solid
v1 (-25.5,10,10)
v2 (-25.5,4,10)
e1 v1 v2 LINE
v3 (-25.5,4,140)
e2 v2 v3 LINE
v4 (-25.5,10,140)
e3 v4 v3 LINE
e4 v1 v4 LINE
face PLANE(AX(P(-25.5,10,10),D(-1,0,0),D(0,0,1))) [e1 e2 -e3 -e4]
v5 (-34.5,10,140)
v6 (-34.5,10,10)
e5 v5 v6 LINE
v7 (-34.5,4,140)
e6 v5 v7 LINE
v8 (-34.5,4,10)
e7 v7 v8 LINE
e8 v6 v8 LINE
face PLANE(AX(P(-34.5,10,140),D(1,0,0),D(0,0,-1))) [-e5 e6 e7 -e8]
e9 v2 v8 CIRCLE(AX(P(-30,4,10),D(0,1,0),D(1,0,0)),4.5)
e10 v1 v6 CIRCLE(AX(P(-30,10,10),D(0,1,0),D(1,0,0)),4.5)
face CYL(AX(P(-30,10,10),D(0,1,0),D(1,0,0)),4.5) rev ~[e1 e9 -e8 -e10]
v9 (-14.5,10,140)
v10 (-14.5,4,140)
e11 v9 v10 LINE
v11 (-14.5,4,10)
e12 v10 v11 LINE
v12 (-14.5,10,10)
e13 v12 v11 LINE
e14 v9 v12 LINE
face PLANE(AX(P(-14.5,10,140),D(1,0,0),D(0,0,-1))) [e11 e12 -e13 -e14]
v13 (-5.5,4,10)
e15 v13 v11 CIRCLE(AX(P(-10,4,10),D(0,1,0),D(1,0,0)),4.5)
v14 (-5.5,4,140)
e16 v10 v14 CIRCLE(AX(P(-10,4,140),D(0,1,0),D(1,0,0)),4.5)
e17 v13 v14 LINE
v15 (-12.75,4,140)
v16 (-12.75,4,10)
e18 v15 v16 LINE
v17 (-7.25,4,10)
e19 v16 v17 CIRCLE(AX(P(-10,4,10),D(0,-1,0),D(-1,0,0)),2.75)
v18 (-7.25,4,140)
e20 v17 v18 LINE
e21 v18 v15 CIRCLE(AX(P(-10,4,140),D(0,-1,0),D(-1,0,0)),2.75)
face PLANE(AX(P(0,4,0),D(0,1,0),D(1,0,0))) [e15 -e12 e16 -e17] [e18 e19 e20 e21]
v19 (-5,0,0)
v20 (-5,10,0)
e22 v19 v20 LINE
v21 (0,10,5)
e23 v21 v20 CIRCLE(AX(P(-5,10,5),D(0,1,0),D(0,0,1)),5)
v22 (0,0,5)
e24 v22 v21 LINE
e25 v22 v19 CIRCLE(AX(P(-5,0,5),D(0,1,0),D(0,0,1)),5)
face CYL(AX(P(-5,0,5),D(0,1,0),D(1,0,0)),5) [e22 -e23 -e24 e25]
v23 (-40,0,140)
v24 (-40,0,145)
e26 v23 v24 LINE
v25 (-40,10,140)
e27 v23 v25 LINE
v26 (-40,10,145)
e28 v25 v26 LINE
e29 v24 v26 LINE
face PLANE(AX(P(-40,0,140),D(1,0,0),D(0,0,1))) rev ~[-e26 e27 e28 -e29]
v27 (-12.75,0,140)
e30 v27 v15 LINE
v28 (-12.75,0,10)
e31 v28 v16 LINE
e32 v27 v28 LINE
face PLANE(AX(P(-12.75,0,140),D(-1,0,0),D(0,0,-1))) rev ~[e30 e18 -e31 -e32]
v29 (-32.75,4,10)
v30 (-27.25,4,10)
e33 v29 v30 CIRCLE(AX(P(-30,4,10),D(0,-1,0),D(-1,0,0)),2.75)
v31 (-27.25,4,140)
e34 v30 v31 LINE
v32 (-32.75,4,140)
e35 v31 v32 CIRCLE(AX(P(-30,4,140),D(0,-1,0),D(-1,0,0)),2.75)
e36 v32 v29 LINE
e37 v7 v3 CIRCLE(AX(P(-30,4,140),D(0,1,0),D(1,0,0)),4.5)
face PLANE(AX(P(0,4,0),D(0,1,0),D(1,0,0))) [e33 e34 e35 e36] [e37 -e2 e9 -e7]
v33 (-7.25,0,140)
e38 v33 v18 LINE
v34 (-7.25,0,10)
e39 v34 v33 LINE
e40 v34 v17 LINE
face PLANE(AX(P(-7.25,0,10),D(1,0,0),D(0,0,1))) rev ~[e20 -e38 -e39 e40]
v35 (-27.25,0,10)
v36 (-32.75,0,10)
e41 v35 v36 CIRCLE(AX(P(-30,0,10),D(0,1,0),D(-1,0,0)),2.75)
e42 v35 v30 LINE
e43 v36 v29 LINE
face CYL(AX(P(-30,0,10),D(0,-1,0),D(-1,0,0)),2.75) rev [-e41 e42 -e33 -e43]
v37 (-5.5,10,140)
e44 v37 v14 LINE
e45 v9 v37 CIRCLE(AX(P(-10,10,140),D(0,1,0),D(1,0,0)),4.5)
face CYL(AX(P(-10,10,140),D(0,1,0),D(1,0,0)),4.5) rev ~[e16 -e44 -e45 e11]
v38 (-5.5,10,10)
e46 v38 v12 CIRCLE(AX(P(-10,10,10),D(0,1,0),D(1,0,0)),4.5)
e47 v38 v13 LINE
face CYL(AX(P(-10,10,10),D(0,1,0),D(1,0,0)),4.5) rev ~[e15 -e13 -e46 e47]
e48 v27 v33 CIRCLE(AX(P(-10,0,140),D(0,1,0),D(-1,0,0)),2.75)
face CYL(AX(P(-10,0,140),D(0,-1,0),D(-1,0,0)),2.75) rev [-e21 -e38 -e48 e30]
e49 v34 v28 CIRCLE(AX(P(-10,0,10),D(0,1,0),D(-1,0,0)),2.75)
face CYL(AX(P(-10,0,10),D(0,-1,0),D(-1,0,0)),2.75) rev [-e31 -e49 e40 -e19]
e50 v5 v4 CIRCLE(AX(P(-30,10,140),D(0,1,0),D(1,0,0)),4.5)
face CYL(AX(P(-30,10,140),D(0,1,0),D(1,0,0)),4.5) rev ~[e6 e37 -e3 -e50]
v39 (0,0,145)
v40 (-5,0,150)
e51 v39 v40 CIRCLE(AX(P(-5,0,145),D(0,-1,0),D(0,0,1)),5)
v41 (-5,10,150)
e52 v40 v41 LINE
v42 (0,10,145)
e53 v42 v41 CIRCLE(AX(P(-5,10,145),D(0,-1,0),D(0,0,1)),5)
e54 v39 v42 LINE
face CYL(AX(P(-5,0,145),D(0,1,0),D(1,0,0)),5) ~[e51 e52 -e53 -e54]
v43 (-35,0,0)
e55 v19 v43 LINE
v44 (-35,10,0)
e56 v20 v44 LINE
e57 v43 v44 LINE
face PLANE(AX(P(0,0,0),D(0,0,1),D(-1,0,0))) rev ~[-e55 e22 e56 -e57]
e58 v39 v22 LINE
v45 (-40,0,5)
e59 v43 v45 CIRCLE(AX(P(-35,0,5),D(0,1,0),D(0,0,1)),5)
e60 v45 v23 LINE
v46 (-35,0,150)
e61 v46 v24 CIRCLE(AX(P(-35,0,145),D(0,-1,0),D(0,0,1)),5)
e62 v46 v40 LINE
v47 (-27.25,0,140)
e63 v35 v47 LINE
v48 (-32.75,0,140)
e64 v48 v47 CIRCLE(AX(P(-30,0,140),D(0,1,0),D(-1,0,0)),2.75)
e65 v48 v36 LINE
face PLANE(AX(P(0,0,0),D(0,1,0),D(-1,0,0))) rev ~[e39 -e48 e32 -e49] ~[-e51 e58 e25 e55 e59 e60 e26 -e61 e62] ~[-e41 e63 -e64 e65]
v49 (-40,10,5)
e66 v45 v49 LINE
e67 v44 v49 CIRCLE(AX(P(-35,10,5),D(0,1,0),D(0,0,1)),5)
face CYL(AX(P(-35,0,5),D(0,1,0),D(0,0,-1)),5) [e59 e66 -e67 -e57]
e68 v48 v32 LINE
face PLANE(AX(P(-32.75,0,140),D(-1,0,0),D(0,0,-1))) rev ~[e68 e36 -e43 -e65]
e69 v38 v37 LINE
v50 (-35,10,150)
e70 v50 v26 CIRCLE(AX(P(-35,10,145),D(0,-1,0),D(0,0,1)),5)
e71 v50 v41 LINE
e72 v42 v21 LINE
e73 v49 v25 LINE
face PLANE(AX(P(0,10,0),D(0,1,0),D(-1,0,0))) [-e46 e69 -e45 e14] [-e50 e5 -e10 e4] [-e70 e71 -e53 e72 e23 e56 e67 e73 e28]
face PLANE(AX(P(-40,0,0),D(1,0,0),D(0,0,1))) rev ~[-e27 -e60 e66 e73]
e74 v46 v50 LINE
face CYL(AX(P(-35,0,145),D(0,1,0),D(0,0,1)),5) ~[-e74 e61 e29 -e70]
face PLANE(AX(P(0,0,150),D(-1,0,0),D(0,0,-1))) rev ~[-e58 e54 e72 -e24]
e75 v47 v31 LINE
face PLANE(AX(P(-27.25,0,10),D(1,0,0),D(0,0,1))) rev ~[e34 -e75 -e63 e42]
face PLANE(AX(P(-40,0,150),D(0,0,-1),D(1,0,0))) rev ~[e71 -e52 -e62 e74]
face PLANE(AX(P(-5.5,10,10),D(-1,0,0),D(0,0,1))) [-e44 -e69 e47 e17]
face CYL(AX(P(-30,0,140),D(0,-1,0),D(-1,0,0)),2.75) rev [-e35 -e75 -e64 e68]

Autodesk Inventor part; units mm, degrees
ref_plane "YZ Plane" through (0, 0, 0) normal (1, 0, 0) x (0, 1, 0)
ref_plane "XZ Plane" through (0, 0, 0) normal (0, 1, 0) x (-1, 0, 0)
ref_plane "XY Plane" through (0, 0, 0) normal (0, 0, 1) x (1, 0, 0)
sketch "Sketch5" plane through (0, 0, 0) normal (0, 1, 0) x (-1, 0, 0)
  line L0 (0, 0) -> (40, 0)
  line L1 (40, 0) -> (40, 150)
  line L2 (40, 150) -> (0, 150)
  line L3 (0, 150) -> (0, 0)
  line L4 (40, 150) -> (40, 140)
  line L5 (40, 140) -> (30, 140)
  circle A0 centre (30, 140) radius 2.75
  circle A1 centre (30, 10) radius 2.75
  circle A2 centre (10, 140) radius 2.75
  circle A3 centre (10, 10) radius 2.75
  line L6 (32.75, 140) -> (32.75, 10)
  line L7 (27.25, 10) -> (27.25, 140)
  line L8 (12.75, 140) -> (12.75, 10)
  line L9 (7.25, 10) -> (7.25, 140)
  dimension "d107" = 40
  dimension "d108" = 150
  dimension "d109" = 10
  dimension "d110" = 10
  dimension "d111" = 5.5
  dimension "d114" = 130
  dimension "d117" = 20
extrude "Extrusion3" add sketch "Sketch5" along normal blind 10
sketch "Sketch6" plane through (0, 10, 0) normal (0, 1, 0) x (1, 0, 0)
  arc A0 (-32.75, -140) -> (-27.25, -140) centre (-30, -140) ccw projected
  circle A1 centre (-30, -140) radius 4.5
  arc A2 (-27.25, -10) -> (-32.75, -10) centre (-30, -10) ccw projected
  circle A3 centre (-30, -10) radius 4.5
  arc A4 (-7.25, -10) -> (-12.75, -10) centre (-10, -10) ccw projected
  circle A5 centre (-10, -10) radius 4.5
  circle A6 centre (-10, -140) radius 4.5
  line L0 (-34.5, -140) -> (-34.5, -10)
  line L1 (-25.5, -10) -> (-25.5, -140)
  line L2 (-14.5, -140) -> (-14.5, -10)
  line L3 (-5.5, -10) -> (-5.5, -140)
  point P0 (0, 0)
  dimension "d122" = 9
  dimension "d123" = 9
  dimension "d124" = 9
  dimension "d125" = 9
extrude "Extrusion4" cut sketch "Sketch6" against normal blind 6
fillet "Fillet2" radius 5 4 edges at (0, 5, 150) (-40, 5, 150) (0, 5, 0) (-40, 5, 0)
properties part number "GARFO" material "Aluminium AW-7020"
